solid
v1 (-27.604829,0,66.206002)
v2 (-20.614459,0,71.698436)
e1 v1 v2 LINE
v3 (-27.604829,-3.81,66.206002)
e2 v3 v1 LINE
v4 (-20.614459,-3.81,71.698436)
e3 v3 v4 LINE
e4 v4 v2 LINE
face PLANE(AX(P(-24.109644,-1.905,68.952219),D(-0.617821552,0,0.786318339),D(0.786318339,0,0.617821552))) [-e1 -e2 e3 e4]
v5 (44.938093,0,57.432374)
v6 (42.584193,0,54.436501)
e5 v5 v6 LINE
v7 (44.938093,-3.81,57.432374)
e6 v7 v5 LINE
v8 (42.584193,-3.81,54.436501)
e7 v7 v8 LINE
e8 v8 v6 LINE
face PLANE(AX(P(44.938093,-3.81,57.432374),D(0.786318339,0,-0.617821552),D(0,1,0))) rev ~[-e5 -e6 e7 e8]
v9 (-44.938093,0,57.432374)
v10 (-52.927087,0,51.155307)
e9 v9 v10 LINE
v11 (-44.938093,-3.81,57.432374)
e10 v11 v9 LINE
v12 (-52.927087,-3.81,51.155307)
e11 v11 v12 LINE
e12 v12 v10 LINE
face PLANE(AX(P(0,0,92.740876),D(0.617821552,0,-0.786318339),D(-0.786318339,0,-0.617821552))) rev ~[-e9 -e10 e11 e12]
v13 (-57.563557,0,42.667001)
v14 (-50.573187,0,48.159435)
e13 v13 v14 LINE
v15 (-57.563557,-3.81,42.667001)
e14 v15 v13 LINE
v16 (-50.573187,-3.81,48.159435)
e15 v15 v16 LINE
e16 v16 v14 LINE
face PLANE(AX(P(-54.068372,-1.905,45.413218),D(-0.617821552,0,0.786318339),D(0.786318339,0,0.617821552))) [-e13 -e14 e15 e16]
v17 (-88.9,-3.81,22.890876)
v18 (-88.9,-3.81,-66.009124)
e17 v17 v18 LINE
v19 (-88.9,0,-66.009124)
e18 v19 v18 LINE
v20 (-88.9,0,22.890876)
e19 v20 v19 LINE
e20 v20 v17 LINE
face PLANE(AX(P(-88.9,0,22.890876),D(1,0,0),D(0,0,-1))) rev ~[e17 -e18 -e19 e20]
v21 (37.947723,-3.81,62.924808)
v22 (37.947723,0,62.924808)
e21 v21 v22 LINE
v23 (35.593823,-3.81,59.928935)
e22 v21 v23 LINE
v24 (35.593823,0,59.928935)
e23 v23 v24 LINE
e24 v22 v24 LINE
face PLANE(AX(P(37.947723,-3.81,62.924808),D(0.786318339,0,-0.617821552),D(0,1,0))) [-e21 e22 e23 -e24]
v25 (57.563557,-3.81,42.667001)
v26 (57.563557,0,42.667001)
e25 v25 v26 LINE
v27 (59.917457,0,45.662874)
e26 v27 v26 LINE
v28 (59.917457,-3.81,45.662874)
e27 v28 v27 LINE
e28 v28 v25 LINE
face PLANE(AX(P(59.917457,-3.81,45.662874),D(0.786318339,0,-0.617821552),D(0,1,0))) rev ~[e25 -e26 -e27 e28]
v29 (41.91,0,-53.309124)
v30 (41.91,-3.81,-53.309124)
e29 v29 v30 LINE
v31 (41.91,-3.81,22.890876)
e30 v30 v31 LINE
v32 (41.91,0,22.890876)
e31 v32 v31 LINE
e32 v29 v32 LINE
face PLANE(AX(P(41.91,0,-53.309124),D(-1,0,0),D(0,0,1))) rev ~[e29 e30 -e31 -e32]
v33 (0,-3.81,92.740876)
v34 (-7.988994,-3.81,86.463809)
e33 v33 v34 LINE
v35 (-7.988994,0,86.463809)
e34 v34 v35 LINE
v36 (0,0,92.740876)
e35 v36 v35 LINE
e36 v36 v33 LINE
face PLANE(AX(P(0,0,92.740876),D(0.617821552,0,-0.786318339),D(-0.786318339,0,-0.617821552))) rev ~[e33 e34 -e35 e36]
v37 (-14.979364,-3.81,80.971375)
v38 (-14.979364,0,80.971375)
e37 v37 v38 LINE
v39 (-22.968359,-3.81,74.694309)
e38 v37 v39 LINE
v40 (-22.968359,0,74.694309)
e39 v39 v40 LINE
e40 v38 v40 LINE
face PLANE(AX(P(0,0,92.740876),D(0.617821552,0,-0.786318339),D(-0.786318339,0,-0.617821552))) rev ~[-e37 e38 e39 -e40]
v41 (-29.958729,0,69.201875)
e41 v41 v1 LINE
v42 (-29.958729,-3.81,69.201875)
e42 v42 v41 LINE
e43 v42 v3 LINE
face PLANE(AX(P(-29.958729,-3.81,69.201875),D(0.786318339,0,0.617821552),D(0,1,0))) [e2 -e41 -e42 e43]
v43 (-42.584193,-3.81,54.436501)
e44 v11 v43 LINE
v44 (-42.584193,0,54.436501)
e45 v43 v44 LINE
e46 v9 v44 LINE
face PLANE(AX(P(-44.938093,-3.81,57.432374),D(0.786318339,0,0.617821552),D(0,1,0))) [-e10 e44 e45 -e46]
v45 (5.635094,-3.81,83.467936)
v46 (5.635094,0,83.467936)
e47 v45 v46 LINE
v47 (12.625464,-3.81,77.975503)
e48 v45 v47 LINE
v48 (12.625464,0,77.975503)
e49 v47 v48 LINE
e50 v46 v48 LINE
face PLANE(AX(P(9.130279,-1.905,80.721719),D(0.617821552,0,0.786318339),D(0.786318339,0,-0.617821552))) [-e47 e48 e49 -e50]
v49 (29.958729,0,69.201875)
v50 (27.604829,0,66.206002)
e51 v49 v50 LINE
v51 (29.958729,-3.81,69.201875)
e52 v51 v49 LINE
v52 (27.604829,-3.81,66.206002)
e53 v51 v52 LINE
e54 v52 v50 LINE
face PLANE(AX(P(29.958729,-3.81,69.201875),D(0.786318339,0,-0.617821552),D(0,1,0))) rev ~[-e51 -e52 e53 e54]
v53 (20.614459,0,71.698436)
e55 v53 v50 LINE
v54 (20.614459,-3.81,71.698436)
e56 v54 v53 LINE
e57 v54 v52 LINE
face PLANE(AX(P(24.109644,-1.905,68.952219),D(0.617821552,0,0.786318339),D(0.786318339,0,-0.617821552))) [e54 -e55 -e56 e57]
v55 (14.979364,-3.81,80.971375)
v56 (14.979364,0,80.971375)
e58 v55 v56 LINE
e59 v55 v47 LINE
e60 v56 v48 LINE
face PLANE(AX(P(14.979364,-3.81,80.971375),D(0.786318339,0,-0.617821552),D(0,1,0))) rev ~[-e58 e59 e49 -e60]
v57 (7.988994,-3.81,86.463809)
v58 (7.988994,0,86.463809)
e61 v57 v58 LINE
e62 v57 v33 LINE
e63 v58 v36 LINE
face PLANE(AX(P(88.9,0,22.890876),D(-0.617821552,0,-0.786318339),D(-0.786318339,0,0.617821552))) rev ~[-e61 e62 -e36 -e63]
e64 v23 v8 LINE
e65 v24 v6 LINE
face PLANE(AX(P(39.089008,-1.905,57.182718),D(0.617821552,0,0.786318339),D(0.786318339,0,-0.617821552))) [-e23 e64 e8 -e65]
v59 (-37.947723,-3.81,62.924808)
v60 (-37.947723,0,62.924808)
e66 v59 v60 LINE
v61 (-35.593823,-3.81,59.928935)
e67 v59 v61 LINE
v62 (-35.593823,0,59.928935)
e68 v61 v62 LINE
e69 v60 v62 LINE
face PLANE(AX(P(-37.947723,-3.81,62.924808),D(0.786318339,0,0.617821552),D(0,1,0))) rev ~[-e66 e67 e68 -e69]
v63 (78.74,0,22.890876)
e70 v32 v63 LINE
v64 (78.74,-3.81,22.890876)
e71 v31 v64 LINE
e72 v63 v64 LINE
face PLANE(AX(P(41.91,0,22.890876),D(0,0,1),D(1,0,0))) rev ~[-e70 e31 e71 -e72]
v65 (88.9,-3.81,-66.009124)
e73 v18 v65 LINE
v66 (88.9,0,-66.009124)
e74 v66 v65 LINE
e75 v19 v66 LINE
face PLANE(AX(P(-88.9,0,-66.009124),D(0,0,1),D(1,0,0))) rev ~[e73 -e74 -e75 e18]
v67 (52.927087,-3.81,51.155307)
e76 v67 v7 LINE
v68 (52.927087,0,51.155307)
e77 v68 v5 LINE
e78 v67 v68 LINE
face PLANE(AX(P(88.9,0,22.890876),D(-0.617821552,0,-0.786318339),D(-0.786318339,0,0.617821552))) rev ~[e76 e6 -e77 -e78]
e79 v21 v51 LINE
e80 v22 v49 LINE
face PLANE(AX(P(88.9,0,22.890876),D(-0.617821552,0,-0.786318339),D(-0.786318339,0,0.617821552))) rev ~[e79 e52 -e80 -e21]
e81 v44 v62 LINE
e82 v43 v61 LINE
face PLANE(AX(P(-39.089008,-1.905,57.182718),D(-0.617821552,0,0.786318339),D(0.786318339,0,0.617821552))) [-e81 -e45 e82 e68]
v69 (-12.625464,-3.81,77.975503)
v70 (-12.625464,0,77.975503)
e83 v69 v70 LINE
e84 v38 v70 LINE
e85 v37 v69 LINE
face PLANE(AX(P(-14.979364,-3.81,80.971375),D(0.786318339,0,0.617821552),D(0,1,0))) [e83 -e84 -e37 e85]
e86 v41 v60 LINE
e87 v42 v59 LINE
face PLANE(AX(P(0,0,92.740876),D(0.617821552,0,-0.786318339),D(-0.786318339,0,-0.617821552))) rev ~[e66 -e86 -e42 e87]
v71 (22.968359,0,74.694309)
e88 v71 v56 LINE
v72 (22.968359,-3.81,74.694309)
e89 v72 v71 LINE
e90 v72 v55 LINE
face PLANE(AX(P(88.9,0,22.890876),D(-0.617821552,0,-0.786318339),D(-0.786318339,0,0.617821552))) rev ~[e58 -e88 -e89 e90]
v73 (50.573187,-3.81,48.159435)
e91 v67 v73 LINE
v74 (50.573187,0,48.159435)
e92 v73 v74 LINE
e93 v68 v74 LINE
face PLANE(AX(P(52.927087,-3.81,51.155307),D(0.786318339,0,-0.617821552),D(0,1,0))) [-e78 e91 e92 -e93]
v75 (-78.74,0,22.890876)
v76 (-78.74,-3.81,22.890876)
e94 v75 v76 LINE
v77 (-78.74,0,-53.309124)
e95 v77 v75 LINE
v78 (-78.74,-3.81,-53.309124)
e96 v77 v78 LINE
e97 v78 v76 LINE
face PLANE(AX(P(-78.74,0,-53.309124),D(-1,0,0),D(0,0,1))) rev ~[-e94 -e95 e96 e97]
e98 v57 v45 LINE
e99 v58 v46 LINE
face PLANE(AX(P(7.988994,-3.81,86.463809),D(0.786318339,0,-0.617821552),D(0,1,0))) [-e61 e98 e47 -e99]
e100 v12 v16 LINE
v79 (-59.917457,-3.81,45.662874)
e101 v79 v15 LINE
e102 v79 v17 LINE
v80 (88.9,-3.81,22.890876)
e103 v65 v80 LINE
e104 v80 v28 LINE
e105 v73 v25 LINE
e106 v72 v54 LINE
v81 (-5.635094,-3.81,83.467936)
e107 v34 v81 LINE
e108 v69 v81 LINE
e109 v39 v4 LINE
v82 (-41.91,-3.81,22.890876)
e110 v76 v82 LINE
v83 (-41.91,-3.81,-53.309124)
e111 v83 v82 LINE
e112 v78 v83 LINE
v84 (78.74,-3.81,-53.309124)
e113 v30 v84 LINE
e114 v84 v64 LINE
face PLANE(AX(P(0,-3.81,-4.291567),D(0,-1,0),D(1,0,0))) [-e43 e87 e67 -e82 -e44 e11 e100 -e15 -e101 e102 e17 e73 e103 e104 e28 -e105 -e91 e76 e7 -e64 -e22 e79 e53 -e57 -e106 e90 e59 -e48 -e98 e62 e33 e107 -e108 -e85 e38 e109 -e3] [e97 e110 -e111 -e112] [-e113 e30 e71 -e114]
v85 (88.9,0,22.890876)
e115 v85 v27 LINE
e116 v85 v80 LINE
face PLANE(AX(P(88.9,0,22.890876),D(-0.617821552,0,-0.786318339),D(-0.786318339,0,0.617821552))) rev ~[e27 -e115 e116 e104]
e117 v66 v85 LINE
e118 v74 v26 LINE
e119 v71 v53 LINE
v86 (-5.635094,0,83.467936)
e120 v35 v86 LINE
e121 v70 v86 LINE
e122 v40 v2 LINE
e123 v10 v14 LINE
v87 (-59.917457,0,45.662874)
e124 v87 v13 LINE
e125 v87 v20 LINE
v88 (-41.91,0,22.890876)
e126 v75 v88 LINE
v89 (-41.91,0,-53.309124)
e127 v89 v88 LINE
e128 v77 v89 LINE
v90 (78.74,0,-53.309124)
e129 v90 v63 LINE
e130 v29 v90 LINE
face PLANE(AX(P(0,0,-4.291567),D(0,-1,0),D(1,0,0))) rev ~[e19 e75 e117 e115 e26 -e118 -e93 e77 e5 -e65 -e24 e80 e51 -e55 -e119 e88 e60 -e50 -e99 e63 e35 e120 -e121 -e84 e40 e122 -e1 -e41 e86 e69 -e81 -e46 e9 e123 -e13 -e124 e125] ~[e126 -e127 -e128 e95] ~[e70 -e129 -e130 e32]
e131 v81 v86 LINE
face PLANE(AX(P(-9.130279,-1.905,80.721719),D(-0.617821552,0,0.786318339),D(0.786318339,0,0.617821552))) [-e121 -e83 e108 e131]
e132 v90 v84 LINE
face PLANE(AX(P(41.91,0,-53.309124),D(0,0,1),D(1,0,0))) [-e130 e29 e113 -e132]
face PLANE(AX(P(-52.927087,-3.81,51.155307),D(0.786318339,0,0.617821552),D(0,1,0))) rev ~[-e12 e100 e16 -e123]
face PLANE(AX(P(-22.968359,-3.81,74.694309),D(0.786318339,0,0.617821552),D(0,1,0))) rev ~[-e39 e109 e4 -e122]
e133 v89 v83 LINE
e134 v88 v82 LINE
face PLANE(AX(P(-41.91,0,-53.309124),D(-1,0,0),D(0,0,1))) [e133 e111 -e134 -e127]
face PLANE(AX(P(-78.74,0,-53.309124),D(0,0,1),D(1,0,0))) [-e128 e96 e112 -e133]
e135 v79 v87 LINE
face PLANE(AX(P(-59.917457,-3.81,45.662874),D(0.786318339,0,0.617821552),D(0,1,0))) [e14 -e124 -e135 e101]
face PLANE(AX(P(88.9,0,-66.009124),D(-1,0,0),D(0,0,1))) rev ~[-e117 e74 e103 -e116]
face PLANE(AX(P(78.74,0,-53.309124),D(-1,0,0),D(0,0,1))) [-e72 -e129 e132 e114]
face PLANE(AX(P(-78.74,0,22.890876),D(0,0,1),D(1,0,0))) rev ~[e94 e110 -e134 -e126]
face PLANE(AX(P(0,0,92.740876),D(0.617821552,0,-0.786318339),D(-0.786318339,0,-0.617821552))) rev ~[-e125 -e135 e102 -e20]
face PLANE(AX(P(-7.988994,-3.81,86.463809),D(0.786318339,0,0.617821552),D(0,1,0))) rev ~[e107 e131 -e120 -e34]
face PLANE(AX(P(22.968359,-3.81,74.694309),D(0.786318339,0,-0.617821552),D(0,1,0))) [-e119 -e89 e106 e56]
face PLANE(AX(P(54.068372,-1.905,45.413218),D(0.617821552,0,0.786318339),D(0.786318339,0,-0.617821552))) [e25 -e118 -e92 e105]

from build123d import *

# Parameters (mm, degrees)
F0_W     = 36.83
F0_H     = 76.2
F1_DEPTH = 3.81
F2_W     = 8.89
F2_H     = 3.81
F3_DEPTH = 3.81
F4_W     = 8.89
F4_H     = 3.81
F5_DEPTH = 3.81


with BuildPart() as f1:
    # F0 (on Front) → F1 (new body)
    with BuildSketch(Plane.XZ):
        Polygon((-88.9, -66.0091239631), (0, -66.0091239631), (88.9, -66.0091239631), (88.9, 22.8908760369), (0, 92.7408760369), (-88.9, 22.8908760369), align=None)
        with Locations((-60.325, -15.2091239631)):
            Rectangle(F0_W, F0_H, mode=Mode.SUBTRACT)
        with Locations((60.325, -15.2091239631)):
            Rectangle(F0_W, F0_H, mode=Mode.SUBTRACT)
    extrude(amount=F1_DEPTH)

    # F2 (on face) → F3 (cut)
    with BuildSketch(Plane(origin=(-45.0539271599, 0, 57.3413618398), x_dir=(0.7863183388, 0, 0.6178215519), z_dir=(-0.6178215519, 0, 0.7863183388))):
        with Locations((-14.4576880394, -1.905)):
            Rectangle(F2_W, F2_H)
        with Locations((23.6423119606, -1.905)):
            Rectangle(F2_W, F2_H)
        with Locations((42.6923119606, -1.905)):
            Rectangle(F2_W, F2_H)
        with Locations((4.5923119606, -1.905)):
            Rectangle(F2_W, F2_H)
    extrude(amount=-F3_DEPTH, mode=Mode.SUBTRACT)

    # F4 (on face) → F5 (cut)
    with BuildSketch(Plane(origin=(45.0539271599, 0, 57.3413618398), x_dir=(0.7863183388, 0, -0.6178215519), z_dir=(0.6178215519, 0, 0.7863183388))):
        with Locations((-42.6923119606, -1.905)):
            Rectangle(F4_W, F4_H)
        with Locations((-23.6423119606, -1.905)):
            Rectangle(F4_W, F4_H)
        with Locations((-4.5923119606, -1.905)):
            Rectangle(F4_W, F4_H)
        with Locations((14.4576880394, -1.905)):
            Rectangle(F4_W, F4_H)
    extrude(amount=-F5_DEPTH, mode=Mode.SUBTRACT)


solid = f1.part
